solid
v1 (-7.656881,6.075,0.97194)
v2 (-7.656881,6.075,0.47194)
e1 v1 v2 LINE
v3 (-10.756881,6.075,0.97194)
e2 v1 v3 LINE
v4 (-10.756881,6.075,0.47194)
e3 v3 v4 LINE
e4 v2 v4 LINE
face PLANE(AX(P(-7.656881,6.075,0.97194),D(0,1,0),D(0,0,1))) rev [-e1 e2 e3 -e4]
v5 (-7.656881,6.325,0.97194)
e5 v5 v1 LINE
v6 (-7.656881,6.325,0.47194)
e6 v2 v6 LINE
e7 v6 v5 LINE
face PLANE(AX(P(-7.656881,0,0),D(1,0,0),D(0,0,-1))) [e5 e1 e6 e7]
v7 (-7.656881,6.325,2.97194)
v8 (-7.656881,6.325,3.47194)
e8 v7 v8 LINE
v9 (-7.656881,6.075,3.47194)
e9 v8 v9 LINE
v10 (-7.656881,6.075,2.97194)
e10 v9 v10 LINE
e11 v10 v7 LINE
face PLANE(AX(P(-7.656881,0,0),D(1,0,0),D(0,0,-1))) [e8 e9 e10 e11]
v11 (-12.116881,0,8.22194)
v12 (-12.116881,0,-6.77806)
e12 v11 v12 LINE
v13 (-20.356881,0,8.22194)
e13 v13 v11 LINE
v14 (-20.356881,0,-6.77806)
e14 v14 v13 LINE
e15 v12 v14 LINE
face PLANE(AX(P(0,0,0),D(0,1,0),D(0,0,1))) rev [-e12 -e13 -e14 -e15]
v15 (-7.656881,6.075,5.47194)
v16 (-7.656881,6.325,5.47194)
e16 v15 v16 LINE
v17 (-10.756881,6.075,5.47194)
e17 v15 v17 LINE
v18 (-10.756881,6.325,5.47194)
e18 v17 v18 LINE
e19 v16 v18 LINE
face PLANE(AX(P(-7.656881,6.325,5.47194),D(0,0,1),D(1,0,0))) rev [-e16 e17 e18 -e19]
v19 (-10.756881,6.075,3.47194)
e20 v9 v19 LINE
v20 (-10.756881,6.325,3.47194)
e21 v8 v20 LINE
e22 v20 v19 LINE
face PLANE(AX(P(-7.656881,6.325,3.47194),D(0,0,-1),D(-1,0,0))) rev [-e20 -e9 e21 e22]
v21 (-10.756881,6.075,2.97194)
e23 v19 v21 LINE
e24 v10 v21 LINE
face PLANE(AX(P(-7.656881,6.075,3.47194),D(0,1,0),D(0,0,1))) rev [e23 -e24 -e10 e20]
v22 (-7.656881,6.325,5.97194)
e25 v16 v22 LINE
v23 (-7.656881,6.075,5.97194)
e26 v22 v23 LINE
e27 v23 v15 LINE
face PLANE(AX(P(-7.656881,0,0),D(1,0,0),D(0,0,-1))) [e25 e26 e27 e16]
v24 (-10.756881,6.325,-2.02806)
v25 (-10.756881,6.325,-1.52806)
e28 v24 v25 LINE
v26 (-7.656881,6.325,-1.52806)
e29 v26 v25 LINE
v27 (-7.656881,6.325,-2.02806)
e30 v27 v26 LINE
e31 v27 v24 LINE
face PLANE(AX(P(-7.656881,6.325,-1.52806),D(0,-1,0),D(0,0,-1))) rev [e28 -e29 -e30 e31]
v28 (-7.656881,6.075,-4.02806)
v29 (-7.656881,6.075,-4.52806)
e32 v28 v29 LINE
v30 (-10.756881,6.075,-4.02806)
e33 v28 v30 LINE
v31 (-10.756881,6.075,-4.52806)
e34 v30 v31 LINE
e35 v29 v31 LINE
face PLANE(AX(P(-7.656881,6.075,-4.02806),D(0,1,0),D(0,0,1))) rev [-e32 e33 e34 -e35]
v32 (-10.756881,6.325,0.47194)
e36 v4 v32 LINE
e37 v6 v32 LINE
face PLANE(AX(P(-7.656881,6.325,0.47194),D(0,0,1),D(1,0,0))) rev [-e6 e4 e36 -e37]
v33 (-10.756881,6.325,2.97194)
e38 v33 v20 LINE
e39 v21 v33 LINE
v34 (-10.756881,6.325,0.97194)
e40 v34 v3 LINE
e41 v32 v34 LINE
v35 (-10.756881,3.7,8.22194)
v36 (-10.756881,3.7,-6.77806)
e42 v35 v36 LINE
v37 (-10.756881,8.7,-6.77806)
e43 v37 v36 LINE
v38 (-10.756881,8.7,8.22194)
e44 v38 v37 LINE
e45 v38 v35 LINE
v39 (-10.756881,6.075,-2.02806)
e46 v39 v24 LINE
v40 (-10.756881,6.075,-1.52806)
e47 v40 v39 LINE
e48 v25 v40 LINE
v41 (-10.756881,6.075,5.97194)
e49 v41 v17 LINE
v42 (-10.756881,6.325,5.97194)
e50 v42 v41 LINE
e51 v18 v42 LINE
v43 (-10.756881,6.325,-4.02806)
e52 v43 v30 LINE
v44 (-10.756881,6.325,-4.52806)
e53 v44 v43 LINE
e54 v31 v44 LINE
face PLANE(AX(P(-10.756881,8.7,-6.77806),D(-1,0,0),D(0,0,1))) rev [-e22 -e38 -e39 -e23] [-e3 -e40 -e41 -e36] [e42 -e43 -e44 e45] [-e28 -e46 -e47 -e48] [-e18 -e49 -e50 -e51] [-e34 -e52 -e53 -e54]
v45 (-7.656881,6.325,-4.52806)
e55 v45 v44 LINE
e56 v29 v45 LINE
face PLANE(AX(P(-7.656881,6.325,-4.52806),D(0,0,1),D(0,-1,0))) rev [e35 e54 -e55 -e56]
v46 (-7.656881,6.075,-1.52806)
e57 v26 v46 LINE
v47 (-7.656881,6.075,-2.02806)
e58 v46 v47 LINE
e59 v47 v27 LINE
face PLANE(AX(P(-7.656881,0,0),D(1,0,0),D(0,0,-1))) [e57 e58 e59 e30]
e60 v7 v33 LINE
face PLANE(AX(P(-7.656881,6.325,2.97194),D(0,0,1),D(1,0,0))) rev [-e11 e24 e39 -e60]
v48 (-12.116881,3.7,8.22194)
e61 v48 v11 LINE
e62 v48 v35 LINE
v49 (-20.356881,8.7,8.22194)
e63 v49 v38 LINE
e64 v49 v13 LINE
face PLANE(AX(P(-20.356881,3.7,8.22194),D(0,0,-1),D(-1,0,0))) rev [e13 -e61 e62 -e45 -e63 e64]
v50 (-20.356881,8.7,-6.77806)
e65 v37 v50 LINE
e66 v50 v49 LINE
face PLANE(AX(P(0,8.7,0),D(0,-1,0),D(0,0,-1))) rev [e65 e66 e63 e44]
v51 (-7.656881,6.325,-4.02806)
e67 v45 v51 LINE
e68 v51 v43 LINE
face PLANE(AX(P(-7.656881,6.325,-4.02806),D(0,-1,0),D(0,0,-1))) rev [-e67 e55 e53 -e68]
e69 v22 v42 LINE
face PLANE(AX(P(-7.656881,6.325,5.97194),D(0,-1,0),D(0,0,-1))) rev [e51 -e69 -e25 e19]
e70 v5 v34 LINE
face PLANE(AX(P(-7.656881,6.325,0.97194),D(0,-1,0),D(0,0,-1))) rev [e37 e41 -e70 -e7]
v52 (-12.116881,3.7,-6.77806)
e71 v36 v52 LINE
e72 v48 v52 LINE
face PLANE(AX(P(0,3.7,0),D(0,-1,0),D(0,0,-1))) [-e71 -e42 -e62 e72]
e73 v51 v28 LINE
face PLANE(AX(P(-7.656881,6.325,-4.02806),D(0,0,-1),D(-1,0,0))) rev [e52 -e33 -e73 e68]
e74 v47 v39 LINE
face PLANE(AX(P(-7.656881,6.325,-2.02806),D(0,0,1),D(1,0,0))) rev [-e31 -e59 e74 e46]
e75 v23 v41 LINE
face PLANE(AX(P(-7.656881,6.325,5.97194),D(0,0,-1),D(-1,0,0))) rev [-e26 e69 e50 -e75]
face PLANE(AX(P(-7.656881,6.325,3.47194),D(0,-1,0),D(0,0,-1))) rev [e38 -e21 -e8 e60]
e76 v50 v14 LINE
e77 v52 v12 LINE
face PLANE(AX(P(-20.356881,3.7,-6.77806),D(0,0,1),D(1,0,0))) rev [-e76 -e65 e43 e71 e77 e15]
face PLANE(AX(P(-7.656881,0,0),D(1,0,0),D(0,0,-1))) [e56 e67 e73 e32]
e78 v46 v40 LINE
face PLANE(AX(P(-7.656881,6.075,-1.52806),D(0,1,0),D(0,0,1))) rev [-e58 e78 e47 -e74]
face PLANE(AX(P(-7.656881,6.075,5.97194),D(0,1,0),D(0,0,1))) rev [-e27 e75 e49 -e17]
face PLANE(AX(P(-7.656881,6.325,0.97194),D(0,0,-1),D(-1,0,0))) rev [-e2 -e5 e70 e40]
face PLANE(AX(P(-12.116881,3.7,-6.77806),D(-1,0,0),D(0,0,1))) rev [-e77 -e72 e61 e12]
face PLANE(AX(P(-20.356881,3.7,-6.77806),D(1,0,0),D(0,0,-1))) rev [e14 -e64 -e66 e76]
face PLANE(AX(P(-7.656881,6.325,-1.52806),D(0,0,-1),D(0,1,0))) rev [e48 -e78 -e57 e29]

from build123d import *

# Parameters (mm, degrees)
SKETCH1_W           = 8.24
SKETCH1_H           = 15
BOSS_EXTRUDE1_DEPTH = 3.7
BOSS_EXTRUDE2_DEPTH = 5
SKETCH3_W           = 0.5
SKETCH3_H           = 0.25
BOSS_EXTRUDE3_DEPTH = 3.1


with BuildPart() as part:
    # Sketch1 → Boss-Extrude1 (new body)
    with BuildSketch(Plane(origin=(0, 0, 0), x_dir=(1, 0, 0), z_dir=(0, 1, 0))):
        with Locations((-16.236881088, -0.721940399)):
            Rectangle(SKETCH1_W, SKETCH1_H)
    extrude(amount=BOSS_EXTRUDE1_DEPTH)

    # Sketch2 → Boss-Extrude2 (add)
    with BuildSketch(Plane(origin=(0, 3.7, 0), x_dir=(1, 0, 0), z_dir=(0, 1, 0))):
        Polygon((-20.356881088, -8.221940399), (-12.116881088, -8.221940399), (-10.756881088, -8.221940399), (-10.756881088, 6.778059601), (-12.116881088, 6.778059601), (-20.356881088, 6.778059601), align=None)
    extrude(amount=BOSS_EXTRUDE2_DEPTH)

    # Sketch3 → Boss-Extrude3 (add)
    with BuildSketch(Plane(origin=(-10.756881088, 0, 0), x_dir=(0, 0, -1), z_dir=(1, 0, 0))):
        with Locations((-5.721940399, 6.2)):
            Rectangle(SKETCH3_W, SKETCH3_H)
        with Locations((-3.221940399, 6.2)):
            Rectangle(SKETCH3_W, SKETCH3_H)
        with Locations((-0.721940399, 6.2)):
            Rectangle(SKETCH3_W, SKETCH3_H)
        with Locations((1.778059601, 6.2)):
            Rectangle(SKETCH3_W, SKETCH3_H)
        with Locations((4.278059601, 6.2)):
            Rectangle(SKETCH3_W, SKETCH3_H)
    extrude(amount=BOSS_EXTRUDE3_DEPTH)


solid = part.part
